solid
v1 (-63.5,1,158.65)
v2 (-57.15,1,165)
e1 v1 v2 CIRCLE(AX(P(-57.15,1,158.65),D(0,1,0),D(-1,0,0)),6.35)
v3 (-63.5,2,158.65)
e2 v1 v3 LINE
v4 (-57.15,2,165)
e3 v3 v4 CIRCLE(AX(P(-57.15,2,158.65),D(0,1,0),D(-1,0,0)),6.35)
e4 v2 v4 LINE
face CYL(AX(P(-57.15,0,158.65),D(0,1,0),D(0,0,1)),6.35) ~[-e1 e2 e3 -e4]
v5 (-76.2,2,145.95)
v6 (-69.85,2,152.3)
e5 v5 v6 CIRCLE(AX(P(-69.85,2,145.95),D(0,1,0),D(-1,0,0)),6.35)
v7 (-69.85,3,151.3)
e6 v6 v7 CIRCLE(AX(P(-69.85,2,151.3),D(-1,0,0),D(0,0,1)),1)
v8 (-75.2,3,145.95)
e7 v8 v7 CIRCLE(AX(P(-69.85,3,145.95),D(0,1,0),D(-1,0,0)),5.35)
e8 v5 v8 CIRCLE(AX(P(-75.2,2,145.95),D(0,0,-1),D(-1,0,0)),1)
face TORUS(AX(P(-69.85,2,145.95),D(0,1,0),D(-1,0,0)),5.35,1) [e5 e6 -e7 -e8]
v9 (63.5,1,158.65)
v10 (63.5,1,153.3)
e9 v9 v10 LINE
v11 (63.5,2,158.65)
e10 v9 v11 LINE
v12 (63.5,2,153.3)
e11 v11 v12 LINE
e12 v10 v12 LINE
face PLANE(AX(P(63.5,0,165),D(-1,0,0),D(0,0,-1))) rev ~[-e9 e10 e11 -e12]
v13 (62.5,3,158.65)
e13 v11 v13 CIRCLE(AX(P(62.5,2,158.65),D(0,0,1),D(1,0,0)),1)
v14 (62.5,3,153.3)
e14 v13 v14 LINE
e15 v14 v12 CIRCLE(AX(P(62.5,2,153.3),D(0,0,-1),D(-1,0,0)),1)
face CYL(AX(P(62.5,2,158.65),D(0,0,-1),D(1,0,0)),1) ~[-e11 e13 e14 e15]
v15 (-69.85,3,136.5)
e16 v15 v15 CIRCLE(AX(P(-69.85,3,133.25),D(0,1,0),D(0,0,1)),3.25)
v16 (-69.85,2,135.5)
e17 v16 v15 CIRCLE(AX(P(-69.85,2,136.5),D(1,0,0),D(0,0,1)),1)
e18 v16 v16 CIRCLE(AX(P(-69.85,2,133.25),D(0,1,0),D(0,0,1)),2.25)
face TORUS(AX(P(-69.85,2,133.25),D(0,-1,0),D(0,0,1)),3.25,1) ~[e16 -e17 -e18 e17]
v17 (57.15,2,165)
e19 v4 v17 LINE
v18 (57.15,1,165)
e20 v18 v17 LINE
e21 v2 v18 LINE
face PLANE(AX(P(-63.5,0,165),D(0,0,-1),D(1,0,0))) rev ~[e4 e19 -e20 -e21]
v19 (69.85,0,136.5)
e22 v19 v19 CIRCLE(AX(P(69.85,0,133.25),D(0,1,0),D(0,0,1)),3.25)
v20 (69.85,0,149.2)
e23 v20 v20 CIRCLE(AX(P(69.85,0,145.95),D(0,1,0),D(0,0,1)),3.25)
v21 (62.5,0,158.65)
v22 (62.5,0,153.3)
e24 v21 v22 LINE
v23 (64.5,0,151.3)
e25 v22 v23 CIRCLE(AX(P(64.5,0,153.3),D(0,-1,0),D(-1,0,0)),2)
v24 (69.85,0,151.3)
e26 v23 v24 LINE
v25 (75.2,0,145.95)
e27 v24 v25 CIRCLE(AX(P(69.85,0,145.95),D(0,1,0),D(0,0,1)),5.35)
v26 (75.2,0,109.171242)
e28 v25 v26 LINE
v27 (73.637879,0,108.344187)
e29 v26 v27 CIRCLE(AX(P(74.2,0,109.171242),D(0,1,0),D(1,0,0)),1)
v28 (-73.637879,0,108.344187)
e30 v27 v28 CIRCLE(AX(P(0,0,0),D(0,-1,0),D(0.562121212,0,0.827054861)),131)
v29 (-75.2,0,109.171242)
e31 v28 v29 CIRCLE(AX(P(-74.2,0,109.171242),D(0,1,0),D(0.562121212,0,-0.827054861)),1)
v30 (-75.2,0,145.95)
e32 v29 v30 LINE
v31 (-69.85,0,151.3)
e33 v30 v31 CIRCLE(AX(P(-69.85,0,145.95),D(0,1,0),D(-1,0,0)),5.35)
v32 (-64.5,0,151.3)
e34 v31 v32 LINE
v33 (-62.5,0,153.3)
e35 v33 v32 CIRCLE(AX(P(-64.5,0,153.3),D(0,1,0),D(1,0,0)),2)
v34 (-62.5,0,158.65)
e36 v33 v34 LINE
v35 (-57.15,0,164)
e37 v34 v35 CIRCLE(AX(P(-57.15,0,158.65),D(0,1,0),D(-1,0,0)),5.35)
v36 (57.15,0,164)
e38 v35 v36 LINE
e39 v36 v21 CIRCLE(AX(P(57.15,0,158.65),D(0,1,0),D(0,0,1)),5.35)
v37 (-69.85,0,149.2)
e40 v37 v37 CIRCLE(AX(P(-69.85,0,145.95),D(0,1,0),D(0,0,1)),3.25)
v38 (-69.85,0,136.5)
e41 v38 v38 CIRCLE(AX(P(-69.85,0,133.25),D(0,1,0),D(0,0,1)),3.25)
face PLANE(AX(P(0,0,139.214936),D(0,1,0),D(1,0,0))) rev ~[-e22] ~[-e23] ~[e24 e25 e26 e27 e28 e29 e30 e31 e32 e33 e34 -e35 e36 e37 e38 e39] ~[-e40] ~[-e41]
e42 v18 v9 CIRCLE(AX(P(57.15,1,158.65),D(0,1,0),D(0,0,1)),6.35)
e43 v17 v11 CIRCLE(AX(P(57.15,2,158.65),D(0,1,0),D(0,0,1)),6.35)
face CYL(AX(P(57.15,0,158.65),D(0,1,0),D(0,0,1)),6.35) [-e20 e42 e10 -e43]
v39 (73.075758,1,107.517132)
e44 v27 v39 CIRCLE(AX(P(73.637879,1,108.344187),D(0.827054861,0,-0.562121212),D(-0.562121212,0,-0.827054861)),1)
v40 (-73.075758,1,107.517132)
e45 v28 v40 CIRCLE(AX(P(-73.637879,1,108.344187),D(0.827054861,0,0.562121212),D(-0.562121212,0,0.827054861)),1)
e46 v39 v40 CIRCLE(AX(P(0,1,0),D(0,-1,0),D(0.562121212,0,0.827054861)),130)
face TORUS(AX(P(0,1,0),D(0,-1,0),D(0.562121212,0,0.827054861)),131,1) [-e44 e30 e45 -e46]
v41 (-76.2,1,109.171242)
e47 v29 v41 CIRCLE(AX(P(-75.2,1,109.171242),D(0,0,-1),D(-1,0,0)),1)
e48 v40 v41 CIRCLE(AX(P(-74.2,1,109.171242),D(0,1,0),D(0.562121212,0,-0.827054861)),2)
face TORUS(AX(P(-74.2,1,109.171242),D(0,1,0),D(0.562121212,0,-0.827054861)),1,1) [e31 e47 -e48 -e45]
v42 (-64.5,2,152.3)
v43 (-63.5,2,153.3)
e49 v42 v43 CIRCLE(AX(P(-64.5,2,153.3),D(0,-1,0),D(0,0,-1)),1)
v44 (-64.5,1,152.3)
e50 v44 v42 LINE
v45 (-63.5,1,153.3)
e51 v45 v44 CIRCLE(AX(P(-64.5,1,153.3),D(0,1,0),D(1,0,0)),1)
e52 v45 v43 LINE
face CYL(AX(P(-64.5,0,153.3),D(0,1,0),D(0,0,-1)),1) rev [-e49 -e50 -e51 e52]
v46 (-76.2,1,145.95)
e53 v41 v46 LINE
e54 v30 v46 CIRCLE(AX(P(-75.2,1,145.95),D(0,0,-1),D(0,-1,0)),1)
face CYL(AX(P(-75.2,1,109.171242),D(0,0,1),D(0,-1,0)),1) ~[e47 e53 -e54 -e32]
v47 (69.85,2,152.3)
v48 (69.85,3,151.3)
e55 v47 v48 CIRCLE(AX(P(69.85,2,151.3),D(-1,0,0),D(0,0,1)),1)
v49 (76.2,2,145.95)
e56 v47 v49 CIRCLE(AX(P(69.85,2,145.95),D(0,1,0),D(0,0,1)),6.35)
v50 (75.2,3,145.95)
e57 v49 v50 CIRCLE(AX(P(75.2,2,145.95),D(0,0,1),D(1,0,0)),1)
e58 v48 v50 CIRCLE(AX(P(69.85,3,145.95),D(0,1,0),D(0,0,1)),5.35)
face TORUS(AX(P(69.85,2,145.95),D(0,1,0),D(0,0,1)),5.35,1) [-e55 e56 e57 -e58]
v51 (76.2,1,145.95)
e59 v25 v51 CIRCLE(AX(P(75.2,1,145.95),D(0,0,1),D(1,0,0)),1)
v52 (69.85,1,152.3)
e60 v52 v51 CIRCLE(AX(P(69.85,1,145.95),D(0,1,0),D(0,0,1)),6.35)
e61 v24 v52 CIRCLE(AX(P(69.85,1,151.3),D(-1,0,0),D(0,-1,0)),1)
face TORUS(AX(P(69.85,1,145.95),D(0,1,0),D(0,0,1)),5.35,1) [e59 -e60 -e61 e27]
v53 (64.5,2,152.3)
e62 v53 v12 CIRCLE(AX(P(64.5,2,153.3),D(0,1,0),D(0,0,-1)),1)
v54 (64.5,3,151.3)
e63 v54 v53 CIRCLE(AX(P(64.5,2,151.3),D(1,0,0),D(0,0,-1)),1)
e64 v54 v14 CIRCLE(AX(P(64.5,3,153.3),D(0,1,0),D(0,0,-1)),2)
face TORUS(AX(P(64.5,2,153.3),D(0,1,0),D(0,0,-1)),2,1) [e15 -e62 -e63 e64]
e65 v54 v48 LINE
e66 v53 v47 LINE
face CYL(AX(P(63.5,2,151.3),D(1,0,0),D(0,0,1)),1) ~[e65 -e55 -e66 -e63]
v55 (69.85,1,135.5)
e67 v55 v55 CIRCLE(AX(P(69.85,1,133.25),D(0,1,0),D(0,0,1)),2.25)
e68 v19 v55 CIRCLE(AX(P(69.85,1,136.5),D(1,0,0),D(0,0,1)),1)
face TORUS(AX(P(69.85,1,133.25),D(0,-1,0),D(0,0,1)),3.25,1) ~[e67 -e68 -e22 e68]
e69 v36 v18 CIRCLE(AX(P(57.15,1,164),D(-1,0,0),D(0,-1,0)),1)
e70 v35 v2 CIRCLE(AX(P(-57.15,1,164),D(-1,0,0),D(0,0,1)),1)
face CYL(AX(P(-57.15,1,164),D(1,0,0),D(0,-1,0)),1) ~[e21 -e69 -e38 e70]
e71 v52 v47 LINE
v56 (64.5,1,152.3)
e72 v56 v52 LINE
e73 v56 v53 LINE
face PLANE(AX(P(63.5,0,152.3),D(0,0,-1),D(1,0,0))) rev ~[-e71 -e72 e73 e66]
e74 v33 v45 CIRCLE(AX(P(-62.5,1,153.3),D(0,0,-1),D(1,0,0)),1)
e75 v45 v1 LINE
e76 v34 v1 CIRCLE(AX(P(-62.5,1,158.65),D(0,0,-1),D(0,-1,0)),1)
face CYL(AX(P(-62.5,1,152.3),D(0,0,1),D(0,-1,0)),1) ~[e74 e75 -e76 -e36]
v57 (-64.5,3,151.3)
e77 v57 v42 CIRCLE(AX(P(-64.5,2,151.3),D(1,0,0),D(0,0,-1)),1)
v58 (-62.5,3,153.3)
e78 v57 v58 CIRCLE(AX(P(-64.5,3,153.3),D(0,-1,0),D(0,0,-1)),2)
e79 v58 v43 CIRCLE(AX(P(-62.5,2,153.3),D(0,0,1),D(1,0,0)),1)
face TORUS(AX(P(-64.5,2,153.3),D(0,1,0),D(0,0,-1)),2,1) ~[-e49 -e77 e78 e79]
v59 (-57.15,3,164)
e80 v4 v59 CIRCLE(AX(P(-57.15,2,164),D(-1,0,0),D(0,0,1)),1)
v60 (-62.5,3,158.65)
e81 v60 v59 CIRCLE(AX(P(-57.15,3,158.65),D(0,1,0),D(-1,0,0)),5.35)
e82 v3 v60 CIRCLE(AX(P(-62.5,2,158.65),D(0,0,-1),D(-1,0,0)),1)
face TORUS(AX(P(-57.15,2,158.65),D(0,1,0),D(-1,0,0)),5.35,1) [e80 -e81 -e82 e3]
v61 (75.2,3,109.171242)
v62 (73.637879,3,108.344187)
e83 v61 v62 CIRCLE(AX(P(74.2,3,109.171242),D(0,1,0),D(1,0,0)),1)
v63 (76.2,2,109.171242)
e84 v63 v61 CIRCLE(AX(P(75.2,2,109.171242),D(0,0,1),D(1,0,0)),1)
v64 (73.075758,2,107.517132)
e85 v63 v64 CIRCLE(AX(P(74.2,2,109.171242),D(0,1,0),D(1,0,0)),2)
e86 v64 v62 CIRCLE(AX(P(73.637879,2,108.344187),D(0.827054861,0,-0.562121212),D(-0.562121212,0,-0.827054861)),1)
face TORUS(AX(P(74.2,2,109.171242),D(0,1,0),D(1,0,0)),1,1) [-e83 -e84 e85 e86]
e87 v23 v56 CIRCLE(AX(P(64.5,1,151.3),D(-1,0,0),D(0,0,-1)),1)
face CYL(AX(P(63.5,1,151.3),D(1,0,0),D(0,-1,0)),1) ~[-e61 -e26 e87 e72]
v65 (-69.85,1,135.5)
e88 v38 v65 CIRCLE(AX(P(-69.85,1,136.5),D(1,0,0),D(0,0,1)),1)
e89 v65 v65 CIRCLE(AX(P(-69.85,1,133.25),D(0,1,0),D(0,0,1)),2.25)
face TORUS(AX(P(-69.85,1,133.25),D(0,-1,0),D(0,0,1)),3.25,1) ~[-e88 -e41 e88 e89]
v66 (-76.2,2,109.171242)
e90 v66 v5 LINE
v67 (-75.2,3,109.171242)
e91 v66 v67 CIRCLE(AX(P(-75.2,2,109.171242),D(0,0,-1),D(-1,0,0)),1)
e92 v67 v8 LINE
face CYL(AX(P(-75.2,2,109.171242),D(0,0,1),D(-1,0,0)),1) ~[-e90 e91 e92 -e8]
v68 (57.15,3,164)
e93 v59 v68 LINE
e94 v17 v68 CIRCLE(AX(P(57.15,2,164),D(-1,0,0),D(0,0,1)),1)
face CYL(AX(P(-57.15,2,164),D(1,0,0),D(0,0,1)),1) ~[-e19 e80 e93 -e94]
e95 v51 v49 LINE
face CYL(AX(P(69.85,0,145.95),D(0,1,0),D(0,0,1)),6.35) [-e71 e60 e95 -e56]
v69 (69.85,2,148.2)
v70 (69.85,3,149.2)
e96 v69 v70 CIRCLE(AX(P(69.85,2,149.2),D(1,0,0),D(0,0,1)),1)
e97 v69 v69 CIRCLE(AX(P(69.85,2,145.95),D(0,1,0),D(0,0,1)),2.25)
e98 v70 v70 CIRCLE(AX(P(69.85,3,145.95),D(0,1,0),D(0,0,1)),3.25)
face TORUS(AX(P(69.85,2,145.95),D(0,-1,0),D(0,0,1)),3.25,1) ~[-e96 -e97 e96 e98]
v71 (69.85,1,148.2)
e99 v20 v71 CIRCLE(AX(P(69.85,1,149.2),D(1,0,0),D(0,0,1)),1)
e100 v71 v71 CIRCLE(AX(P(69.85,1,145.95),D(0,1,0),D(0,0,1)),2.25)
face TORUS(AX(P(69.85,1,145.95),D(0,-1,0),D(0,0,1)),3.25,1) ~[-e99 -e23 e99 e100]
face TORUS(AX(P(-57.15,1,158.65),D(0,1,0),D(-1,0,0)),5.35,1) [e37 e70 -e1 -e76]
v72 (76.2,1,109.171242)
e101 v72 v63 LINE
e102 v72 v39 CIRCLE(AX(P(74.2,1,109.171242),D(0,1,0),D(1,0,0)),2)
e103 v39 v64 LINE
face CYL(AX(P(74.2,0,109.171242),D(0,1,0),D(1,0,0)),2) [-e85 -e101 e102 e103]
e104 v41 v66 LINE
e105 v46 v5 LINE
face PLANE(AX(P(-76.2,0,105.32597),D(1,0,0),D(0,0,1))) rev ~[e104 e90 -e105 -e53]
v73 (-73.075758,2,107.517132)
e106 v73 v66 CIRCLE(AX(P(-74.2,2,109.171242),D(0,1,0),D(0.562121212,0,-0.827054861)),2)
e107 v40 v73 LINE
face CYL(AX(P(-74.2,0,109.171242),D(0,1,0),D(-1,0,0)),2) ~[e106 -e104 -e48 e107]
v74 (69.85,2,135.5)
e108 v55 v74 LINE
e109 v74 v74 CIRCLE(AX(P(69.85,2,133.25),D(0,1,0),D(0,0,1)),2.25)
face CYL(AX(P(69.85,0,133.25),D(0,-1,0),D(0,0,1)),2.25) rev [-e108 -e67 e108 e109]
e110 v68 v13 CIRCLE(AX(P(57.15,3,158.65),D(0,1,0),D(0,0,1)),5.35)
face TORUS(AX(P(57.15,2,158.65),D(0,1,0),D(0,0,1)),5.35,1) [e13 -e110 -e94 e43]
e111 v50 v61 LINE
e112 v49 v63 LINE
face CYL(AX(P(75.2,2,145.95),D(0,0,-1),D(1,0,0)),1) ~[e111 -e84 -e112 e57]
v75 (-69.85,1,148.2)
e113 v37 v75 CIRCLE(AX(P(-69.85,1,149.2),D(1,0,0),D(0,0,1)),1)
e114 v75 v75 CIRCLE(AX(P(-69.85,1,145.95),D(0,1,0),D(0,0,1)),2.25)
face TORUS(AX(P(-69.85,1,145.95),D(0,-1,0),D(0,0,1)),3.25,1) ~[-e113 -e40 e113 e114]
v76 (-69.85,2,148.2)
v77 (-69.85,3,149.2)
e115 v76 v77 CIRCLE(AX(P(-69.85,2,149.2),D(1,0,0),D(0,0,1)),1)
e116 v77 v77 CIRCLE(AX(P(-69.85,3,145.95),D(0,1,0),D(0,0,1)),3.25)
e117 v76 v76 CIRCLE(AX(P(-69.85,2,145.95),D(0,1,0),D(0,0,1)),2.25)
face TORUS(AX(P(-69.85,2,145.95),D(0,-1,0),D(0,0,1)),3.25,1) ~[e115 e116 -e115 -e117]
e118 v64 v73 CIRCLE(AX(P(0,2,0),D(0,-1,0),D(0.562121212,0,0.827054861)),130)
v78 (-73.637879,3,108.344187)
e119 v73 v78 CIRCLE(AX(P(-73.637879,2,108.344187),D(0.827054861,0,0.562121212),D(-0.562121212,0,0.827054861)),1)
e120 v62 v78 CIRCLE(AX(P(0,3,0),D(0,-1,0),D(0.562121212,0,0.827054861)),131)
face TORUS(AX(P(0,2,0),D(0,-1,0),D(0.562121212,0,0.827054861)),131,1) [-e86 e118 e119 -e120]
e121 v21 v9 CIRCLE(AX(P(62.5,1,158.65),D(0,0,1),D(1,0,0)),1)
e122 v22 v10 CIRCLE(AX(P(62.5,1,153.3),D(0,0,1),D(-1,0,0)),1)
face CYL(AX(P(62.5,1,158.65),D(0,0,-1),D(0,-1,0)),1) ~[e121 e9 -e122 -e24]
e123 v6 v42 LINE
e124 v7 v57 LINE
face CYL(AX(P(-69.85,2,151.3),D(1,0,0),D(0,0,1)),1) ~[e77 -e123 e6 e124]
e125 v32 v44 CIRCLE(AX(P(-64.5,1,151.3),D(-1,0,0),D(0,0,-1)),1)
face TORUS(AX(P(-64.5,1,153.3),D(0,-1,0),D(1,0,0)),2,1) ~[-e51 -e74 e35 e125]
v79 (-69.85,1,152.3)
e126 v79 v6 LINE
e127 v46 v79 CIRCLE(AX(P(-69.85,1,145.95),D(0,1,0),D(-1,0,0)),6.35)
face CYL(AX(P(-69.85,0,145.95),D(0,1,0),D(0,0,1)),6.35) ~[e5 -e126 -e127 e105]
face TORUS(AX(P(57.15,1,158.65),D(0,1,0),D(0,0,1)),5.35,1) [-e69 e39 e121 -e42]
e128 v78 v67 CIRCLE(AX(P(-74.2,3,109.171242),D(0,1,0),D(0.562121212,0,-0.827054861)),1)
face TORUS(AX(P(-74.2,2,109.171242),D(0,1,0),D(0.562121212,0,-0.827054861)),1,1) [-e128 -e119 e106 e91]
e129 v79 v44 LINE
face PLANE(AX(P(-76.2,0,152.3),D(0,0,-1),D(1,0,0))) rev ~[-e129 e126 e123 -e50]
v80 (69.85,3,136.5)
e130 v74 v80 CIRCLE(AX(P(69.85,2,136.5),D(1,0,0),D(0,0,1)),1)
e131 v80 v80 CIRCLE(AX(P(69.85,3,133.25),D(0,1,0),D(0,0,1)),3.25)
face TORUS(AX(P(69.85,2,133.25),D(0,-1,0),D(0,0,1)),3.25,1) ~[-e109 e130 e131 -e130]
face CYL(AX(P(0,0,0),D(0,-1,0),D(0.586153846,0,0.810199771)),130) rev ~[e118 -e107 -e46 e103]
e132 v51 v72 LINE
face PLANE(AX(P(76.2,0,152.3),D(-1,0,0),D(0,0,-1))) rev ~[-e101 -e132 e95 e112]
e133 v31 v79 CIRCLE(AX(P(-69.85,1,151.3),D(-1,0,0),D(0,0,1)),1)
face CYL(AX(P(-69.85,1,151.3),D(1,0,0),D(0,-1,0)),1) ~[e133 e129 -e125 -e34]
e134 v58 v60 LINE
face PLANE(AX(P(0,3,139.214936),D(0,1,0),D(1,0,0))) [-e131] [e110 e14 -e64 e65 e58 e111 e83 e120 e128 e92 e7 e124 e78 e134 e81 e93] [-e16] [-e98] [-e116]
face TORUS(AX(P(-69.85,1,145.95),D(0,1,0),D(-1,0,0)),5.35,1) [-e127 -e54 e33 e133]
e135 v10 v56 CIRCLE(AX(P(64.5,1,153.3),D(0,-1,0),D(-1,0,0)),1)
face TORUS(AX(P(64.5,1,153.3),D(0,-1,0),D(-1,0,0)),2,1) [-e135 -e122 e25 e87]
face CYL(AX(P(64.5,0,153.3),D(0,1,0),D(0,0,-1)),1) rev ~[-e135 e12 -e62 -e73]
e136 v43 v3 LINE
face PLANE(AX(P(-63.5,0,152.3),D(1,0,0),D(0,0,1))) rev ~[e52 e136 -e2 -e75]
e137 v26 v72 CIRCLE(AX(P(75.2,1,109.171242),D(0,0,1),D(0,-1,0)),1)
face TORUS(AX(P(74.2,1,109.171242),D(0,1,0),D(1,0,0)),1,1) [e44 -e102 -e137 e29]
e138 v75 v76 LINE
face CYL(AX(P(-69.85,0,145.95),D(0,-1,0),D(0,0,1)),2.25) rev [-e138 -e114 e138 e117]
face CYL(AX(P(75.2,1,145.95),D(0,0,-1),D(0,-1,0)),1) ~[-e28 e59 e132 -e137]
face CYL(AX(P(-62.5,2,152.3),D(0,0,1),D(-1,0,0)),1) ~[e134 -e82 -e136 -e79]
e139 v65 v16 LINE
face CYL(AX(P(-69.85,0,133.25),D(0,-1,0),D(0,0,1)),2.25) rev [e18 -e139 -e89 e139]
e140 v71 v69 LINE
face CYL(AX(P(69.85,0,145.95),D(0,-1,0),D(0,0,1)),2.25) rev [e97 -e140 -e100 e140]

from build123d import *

# Parameters (mm, degrees)
SKETCH1_R           = 2.25
BOSS_EXTRUDE1_DEPTH = 3
FILLET5_R           = 6.35
FILLET6_R           = 2
FILLET7_R           = 1


with BuildPart() as part:
    # Sketch1 → Boss-Extrude1 (new body)
    with BuildSketch(Plane(origin=(0, 0, 0), x_dir=(1, 0, 0), z_dir=(0, 1, 0))):
        with BuildLine():
            Line((-63.5, -165), (63.5, -165))
            Line((63.5, -165), (63.5, -152.3))
            Line((63.5, -152.3), (76.2, -152.3))
            Line((76.2, -152.3), (76.2, -105.325970207))
            ThreePointArc((76.2, -105.325970207), (0, -130), (-76.2, -105.325970207))
            Line((-76.2, -105.325970207), (-76.2, -152.3))
            Line((-76.2, -152.3), (-63.5, -152.3))
            Line((-63.5, -152.3), (-63.5, -165))
        make_face()
        with Locations(Location((-69.85, -145.95, 0), (0, 0, 270))):
            Circle(SKETCH1_R, mode=Mode.SUBTRACT)
        with Locations(Location((-69.85, -133.25, 0), (0, 0, 270))):
            Circle(SKETCH1_R, mode=Mode.SUBTRACT)
        with Locations(Location((69.85, -133.25, 0), (0, 0, 270))):
            Circle(SKETCH1_R, mode=Mode.SUBTRACT)
        with Locations(Location((69.85, -145.95, 0), (0, 0, 270))):
            Circle(SKETCH1_R, mode=Mode.SUBTRACT)
    extrude(amount=BOSS_EXTRUDE1_DEPTH)

    # Fillet5
    fillet5_edges = [part.edges().sort_by_distance(p)[0] for p in [
        (76.2, 1.5, 152.3),
        (63.5, 1.5, 165),
        (-63.5, 1.5, 165),
        (-76.2, 1.5, 152.3),
    ]]
    fillet(fillet5_edges, radius=FILLET5_R)

    # Fillet6
    fillet6_edges = [part.edges().sort_by_distance(p)[0] for p in [
        (76.2, 1.5, 105.325970207),
        (-76.2, 1.5, 105.325970207),
    ]]
    fillet(fillet6_edges, radius=FILLET6_R)

    # Fillet7
    fillet7_edges = [part.edges().sort_by_distance(p)[0] for p in [
        (69.85, 3, 131),
        (69.85, 0, 143.7),
        (-69.85, 3, 131),
        (66.675, 0, 152.3),
        (-66.675, 0, 152.3),
        (-69.85, 0, 143.7),
        (-69.85, 0, 131),
        (-69.85, 3, 143.7),
        (69.85, 0, 131),
        (63.5, 1.5, 152.3),
        (-63.5, 1.5, 152.3),
        (-66.675, 3, 152.3),
        (76.2, 0, 127.560620817),
        (63.5, 0, 155.475),
        (0, 0, 165),
        (-63.5, 0, 155.475),
        (-76.2, 0, 127.560620817),
        (74.340128061, 0, 150.440128061),
        (61.640128061, 0, 163.140128061),
        (-61.640128061, 0, 163.140128061),
        (-74.340128061, 0, 150.440128061),
        (-76.2, 3, 127.560620817),
        (-63.5, 3, 155.475),
        (0, 3, 165),
        (63.5, 3, 155.475),
        (76.2, 3, 127.560620817),
        (74.340128061, 3, 150.440128061),
        (61.640128061, 3, 163.140128061),
        (-61.640128061, 3, 163.140128061),
        (-74.340128061, 3, 150.440128061),
        (66.675, 3, 152.3),
        (0, 0, 130),
        (0, 3, 130),
        (69.85, 3, 143.7),
        (-75.1358192, 0, 107.403688969),
        (75.1358192, 0, 107.403688969),
        (-75.1358192, 3, 107.403688969),
        (75.1358192, 3, 107.403688969),
    ]]
    fillet(fillet7_edges, radius=FILLET7_R)


solid = part.part
